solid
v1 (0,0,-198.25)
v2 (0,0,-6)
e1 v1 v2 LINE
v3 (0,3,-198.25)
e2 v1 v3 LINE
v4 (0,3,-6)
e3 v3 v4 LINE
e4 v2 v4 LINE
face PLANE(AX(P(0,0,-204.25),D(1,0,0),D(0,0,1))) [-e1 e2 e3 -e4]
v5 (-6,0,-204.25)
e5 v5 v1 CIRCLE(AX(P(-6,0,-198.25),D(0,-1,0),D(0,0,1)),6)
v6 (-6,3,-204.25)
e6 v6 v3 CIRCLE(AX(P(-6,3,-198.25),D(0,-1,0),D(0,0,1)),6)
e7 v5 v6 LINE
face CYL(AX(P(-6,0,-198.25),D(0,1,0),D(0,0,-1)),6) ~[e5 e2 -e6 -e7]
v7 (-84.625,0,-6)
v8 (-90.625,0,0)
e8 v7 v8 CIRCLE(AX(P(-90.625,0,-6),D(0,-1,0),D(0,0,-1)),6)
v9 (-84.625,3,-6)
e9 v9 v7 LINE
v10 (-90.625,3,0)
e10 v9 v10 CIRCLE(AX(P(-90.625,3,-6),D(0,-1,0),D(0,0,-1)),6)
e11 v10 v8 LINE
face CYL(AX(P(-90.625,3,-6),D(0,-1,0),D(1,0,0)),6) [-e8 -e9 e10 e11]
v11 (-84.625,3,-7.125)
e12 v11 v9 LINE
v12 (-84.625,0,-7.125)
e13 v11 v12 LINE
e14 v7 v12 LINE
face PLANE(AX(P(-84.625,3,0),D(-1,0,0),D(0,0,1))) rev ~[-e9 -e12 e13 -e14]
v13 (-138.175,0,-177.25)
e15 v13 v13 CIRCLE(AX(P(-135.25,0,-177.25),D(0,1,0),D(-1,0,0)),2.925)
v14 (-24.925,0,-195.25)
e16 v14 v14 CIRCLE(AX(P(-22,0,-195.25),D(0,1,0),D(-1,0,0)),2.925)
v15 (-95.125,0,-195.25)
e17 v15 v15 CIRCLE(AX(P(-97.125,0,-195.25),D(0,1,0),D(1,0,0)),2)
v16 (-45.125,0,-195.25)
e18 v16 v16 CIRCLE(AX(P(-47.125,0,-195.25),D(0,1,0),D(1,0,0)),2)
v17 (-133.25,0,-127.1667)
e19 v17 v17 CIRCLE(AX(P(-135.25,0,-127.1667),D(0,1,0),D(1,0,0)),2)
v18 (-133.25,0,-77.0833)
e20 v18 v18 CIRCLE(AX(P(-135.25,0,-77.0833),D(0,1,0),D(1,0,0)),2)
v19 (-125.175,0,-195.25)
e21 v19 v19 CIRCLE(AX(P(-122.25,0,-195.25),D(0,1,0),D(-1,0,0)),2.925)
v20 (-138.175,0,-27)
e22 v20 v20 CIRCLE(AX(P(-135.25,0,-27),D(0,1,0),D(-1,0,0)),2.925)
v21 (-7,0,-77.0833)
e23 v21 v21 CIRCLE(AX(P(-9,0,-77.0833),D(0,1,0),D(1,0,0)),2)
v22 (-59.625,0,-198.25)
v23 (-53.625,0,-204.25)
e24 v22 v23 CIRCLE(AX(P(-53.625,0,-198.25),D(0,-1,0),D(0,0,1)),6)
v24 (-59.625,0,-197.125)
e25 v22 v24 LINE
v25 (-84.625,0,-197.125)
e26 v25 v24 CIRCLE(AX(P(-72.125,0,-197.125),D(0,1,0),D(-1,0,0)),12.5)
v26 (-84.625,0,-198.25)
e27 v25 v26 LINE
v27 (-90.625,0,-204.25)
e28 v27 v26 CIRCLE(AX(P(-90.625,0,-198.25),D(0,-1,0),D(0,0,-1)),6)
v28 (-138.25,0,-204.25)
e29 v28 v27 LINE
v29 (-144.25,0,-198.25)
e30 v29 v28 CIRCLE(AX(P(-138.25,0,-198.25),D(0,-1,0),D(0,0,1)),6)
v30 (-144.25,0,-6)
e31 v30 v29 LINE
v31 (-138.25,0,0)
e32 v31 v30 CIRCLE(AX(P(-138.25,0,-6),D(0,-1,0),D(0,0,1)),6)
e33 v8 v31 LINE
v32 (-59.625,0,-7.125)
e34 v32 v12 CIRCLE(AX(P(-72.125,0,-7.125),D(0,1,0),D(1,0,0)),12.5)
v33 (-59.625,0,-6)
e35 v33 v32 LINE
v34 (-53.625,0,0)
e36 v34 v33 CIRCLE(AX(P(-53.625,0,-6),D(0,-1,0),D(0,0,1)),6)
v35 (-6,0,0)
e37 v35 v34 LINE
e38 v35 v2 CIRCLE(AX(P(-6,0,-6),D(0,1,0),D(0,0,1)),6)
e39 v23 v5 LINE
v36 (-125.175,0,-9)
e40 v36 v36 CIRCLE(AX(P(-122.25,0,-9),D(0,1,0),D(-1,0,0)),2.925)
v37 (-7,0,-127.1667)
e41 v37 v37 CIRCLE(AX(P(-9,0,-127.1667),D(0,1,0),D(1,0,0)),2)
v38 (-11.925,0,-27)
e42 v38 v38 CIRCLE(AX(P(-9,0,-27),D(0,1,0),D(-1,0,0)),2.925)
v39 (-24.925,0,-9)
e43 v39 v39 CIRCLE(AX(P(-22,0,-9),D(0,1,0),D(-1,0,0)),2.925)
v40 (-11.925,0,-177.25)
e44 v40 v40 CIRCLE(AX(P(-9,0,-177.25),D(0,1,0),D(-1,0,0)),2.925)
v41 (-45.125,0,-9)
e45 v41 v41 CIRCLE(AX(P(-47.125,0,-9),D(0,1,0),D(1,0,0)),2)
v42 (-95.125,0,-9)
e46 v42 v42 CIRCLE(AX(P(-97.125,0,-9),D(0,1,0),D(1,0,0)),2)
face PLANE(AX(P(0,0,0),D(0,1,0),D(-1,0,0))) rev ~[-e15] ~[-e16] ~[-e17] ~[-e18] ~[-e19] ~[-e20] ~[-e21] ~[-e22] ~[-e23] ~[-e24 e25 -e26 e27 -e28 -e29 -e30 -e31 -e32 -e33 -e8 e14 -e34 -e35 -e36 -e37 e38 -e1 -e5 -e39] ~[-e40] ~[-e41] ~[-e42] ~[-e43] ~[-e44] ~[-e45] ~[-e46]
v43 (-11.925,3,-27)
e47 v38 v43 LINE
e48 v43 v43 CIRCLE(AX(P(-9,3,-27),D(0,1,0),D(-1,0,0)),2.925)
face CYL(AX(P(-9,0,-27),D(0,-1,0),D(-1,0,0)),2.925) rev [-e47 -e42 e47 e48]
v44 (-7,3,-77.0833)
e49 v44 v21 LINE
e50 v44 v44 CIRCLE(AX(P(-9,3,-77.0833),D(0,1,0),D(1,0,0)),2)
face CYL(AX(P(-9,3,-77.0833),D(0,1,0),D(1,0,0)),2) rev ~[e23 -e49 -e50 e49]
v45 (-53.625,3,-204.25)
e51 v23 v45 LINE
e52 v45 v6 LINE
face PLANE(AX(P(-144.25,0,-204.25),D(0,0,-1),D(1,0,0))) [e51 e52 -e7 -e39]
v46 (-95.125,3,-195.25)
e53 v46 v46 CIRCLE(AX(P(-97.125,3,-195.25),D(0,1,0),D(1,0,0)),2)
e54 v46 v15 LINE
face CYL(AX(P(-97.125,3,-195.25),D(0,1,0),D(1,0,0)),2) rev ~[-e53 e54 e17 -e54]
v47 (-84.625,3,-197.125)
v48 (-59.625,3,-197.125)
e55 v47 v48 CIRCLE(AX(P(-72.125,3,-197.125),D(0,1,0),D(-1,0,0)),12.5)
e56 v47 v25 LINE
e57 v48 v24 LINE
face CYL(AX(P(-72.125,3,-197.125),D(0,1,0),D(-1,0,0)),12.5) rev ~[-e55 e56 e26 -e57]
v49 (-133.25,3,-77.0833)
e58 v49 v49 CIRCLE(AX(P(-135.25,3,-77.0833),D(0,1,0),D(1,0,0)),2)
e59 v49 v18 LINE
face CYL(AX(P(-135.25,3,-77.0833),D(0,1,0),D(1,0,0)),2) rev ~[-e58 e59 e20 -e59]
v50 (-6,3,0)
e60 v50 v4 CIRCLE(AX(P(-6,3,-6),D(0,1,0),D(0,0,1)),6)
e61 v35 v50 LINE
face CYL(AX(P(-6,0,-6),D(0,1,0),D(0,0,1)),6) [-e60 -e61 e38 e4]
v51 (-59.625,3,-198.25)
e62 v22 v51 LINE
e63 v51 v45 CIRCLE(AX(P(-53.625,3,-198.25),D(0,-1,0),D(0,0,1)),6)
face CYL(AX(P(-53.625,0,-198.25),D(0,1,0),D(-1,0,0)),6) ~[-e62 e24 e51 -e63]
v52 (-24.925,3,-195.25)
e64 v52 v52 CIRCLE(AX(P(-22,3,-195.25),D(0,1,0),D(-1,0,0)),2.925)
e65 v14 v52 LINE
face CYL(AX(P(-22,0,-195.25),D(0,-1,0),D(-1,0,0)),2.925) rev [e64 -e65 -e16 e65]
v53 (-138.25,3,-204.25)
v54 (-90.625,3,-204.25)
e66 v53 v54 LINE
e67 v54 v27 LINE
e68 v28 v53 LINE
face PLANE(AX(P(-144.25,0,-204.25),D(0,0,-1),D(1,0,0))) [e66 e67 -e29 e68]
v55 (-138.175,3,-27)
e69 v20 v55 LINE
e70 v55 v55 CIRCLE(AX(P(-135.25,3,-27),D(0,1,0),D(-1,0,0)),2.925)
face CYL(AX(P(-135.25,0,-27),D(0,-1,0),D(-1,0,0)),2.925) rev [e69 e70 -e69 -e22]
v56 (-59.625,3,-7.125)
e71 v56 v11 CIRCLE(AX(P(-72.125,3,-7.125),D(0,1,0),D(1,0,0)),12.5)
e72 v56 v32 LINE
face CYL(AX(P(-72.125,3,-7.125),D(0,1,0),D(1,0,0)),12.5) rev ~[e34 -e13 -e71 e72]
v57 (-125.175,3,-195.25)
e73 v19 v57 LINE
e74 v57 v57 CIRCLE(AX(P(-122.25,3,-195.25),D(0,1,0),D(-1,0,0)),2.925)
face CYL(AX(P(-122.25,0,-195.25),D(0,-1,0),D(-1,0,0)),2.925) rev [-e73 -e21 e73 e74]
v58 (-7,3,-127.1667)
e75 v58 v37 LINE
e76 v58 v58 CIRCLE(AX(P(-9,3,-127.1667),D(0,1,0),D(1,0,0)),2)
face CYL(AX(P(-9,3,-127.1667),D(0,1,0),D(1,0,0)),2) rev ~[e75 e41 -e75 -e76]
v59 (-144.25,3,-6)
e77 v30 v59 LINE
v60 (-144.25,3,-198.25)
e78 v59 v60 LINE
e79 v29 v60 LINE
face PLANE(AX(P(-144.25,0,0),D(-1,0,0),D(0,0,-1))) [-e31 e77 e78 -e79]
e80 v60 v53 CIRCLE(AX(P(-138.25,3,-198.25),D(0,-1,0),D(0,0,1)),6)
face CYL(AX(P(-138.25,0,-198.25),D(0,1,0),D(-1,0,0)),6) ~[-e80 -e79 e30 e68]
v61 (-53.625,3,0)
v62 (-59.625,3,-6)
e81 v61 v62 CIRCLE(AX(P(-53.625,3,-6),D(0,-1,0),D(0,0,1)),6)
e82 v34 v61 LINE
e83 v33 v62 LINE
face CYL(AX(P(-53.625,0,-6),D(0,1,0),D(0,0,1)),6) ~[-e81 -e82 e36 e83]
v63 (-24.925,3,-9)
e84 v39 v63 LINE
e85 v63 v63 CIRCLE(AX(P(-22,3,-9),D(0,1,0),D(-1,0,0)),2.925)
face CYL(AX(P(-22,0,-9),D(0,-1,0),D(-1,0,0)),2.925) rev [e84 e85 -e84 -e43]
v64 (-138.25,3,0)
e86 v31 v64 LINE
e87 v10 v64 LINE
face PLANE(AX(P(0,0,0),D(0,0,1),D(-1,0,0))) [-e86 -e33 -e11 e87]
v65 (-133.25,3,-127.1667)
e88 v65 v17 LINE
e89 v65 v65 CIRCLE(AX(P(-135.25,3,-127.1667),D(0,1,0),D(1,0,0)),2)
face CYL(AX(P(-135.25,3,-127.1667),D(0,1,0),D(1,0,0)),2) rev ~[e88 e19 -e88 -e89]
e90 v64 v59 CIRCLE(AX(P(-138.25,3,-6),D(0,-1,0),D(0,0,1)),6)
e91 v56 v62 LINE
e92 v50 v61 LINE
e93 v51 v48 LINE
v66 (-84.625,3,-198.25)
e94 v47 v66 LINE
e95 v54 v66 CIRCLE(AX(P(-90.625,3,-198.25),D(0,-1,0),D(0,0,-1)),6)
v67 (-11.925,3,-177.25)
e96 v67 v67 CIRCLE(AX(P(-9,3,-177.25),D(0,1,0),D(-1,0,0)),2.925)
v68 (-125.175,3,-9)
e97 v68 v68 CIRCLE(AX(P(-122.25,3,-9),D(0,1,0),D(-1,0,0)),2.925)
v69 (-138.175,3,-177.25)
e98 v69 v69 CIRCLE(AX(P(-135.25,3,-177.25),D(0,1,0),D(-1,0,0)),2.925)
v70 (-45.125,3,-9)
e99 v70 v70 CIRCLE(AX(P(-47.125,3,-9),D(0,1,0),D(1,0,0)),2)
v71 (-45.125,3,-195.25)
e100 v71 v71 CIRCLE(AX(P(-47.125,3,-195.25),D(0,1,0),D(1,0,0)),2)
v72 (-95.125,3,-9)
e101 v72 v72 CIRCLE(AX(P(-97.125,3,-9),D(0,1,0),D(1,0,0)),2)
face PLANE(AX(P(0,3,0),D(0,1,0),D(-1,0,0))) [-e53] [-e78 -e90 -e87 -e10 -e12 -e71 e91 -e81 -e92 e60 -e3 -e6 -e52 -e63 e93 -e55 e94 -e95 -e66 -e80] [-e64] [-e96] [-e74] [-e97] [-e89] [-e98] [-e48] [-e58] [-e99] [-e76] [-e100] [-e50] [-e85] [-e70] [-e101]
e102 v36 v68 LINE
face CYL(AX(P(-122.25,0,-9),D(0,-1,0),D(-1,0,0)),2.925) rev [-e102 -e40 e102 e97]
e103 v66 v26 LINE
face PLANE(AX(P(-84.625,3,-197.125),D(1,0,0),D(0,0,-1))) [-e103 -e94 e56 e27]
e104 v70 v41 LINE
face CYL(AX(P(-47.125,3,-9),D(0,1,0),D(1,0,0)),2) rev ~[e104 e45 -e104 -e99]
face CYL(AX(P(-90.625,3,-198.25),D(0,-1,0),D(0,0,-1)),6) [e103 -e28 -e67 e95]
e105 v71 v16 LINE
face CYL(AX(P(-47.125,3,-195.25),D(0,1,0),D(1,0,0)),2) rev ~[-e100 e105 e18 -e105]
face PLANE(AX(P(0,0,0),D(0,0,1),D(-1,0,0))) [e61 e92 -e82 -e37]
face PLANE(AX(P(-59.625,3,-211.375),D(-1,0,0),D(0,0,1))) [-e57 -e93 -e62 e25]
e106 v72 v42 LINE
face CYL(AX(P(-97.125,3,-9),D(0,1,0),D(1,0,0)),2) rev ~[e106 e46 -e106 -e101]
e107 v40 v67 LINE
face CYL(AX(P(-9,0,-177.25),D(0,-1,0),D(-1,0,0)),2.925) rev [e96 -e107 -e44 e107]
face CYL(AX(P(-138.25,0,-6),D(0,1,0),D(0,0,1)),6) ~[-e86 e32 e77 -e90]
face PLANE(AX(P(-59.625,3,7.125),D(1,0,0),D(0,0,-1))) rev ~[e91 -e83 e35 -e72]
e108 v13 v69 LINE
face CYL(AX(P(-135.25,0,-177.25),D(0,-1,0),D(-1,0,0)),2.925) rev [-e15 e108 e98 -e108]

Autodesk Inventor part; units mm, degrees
ref_plane "YZ Plane" through (0, 0, 0) normal (1, 0, 0) x (0, 1, 0)
ref_plane "XZ Plane" through (0, 0, 0) normal (0, 1, 0) x (-1, 0, 0)
ref_plane "XY Plane" through (0, 0, 0) normal (0, 0, 1) x (1, 0, 0)
sketch "Sketch1" plane through (0, 0, 0) normal (0, 1, 0) x (-1, 0, 0)
  line L0 (0, 0) -> (144.25, 0)
  line L1 (144.25, 0) -> (144.25, -204.25)
  line L2 (144.25, -204.25) -> (0, -204.25)
  line L3 (0, -204.25) -> (0, 0)
  line L4 (132.25, -12) -> (12, -12) construction
  line L5 (12, -12) -> (12, -192.25) construction
  line L6 (12, -192.25) -> (132.25, -192.25) construction
  line L7 (132.25, -192.25) -> (132.25, -12) construction
  circle A0 centre (135.25, -27) radius 3 construction
  circle A1 centre (122.25, -9) radius 3 construction
  circle A2 centre (122.25, -9) radius 2.925
  circle A3 centre (135.25, -27) radius 2.925
  circle A4 centre (135.25, -177.25) radius 3 construction
  circle A5 centre (122.25, -195.25) radius 3 construction
  circle A6 centre (22, -195.25) radius 3 construction
  circle A7 centre (9, -177.25) radius 3 construction
  circle A8 centre (22, -195.25) radius 2.925
  circle A9 centre (9, -177.25) radius 2.925
  circle A10 centre (135.25, -177.25) radius 2.925
  circle A11 centre (122.25, -195.25) radius 2.925
  circle A12 centre (22, -9) radius 3 construction
  circle A13 centre (9, -27) radius 3 construction
  circle A14 centre (22, -9) radius 2.925
  circle A15 centre (9, -27) radius 2.925
  point P0 (144.25, -102.125)
  point P1 (132.25, -102.125)
  point P2 (72.125, -12)
  point P3 (72.125, 0)
  dimension "width" = 204.25
  dimension "height" = 144.25
  dimension "stencilW" = 180.25
  dimension "stencilH" = 120.25
  dimension "d14" = 6
  dimension "d15" = 6
  dimension "kerf" = 0.075
  dimension "d17" = 0.075
  dimension "cornerW" = 15
  dimension "cornerH" = 10
  dimension "d20" = 6
  dimension "d21" = 6
  dimension "d22" = 6
  dimension "d23" = 6
  dimension "d24" = 10
  dimension "d25" = 15
  dimension "d26" = 10
  dimension "d27" = 15
  dimension "d28" = 0.075
  dimension "d29" = 0.075
  dimension "d30" = 0.075
  dimension "d31" = 0.075
  dimension "d32" = 6
  dimension "d33" = 6
  dimension "d34" = 15
  dimension "d35" = 10
  dimension "d36" = 0.075
  dimension "d37" = 0.075
extrude "Extrusion1" add sketch "Sketch1" along normal blind 3
fillet "Fillet1" radius 6 4 edges at (0, 1.5, 0) (-144.25, 1.5, 0) (0, 1.5, -204.25) (-144.25, 1.5, -204.25)
sketch "Sketch2" plane through (0, 3, 0) normal (0, 1, 0) x (1, 0, 0)
  line L0 (-72.125, -7.125) -> (-72.125, 7.125) construction
  line L1 (-6, 0) -> (-138.25, 0) projected
  line L2 (-59.625, -7.125) -> (-59.625, 7.125)
  line L3 (-84.625, 7.125) -> (-84.625, -7.125)
  arc A0 (-84.625, -7.125) -> (-59.625, -7.125) centre (-72.125, -7.125) ccw
  arc A1 (-59.625, 7.125) -> (-84.625, 7.125) centre (-72.125, 7.125) ccw
  line L4 (-72.125, 0) -> (-57.875, 0) construction
  line L5 (-144.25, 198.25) -> (-144.25, 6) construction
  line L6 (-144.25, 102.125) -> (0, 102.125) construction
  line L7 (0, 6) -> (0, 198.25) construction
  line L8 (-72.125, 211.375) -> (-72.125, 197.125) construction
  line L9 (-59.625, 211.375) -> (-59.625, 197.125)
  line L10 (-84.625, 197.125) -> (-84.625, 211.375)
  arc A2 (-59.625, 211.375) -> (-84.625, 211.375) centre (-72.125, 211.375) ccw
  arc A3 (-84.625, 197.125) -> (-59.625, 197.125) centre (-72.125, 197.125) ccw
  line L11 (-100.1727, 19.625) -> (-55, 19.625) construction
  line L12 (-92.5099, 184.625) -> (-51.3219, 184.625) construction
  point P0 (0, 0)
  dimension "d42" = 90
  dimension "fingerW" = 25
  dimension "d47" = 165
extrude "Extrusion2" cut sketch "Sketch2" against normal blind 3
fillet "Fillet2" radius 6 4 edges at (-84.625, 1.5, 0) (-59.625, 1.5, 0) (-84.625, 1.5, -204.25) (-59.625, 1.5, -204.25)
sketch "Sketch3" plane through (0, 3, 0) normal (0, 1, 0) x (1, 0, 0)
  arc A0 (-59.625, 7.125) -> (-84.625, 7.125) centre (-72.125, 7.125) ccw construction
  arc A1 (-84.625, 197.125) -> (-59.625, 197.125) centre (-72.125, 197.125) ccw construction
  line L0 (-144.25, 198.25) -> (-144.25, 6) construction
  line L1 (0, 6) -> (0, 198.25) construction
  arc A2 (-59.625, 7.125) -> (-84.625, 7.125) centre (-72.125, 7.125) ccw construction
  line L2 (-72.125, 19.625) -> (-72.125, 184.625)
  line L3 (-144.25, 102.125) -> (0, 102.125)
  point P0 (0, 0)
sketch "Sketch4" plane through (0, 3, 0) normal (0, 1, 0) x (1, 0, 0)
  circle A0 centre (-135.25, 77.0833) radius 2
  circle A1 centre (-135.25, 127.1667) radius 2
  arc A2 (-53.625, 204.25) -> (-59.625, 198.25) centre (-53.625, 198.25) ccw construction
  line L0 (-59.625, 198.25) -> (-59.625, 197.125) construction
  arc A3 (-84.625, 197.125) -> (-59.625, 197.125) centre (-72.125, 197.125) ccw construction
  line L1 (-84.625, 197.125) -> (-84.625, 198.25) construction
  arc A4 (-84.625, 198.25) -> (-90.625, 204.25) centre (-90.625, 198.25) ccw construction
  line L2 (-90.625, 204.25) -> (-138.25, 204.25) construction
  arc A5 (-138.25, 204.25) -> (-144.25, 198.25) centre (-138.25, 198.25) ccw construction
  line L3 (-144.25, 198.25) -> (-144.25, 6) construction
  arc A6 (-144.25, 6) -> (-138.25, 0) centre (-138.25, 6) ccw construction
  line L4 (-138.25, 0) -> (-90.625, 0) construction
  arc A7 (-90.625, 0) -> (-84.625, 6) centre (-90.625, 6) ccw construction
  line L5 (-84.625, 6) -> (-84.625, 7.125) construction
  arc A8 (-59.625, 7.125) -> (-84.625, 7.125) centre (-72.125, 7.125) ccw construction
  line L6 (-59.625, 7.125) -> (-59.625, 6) construction
  arc A9 (-59.625, 6) -> (-53.625, 0) centre (-53.625, 6) ccw construction
  line L7 (-53.625, 0) -> (-6, 0) construction
  arc A10 (-6, 0) -> (0, 6) centre (-6, 6) ccw construction
  line L8 (0, 6) -> (0, 198.25) construction
  arc A11 (0, 198.25) -> (-6, 204.25) centre (-6, 198.25) ccw construction
  line L9 (-6, 204.25) -> (-53.625, 204.25) construction
  circle A12 centre (-9, 27) radius 2.925 construction
  circle A13 centre (-22, 9) radius 2.925 construction
  circle A14 centre (-122.25, 195.25) radius 2.925 construction
  circle A15 centre (-135.25, 177.25) radius 2.925 construction
  circle A16 centre (-9, 177.25) radius 2.925 construction
  circle A17 centre (-22, 195.25) radius 2.925 construction
  circle A18 centre (-135.25, 27) radius 2.925 construction
  circle A19 centre (-122.25, 9) radius 2.925 construction
  circle A20 centre (-9, 77.0833) radius 2
  circle A21 centre (-9, 127.1667) radius 2
  circle A22 centre (-97.125, 9) radius 2
  circle A23 centre (-47.125, 9) radius 2
  circle A24 centre (-47.125, 195.25) radius 2
  circle A25 centre (-97.125, 195.25) radius 2
  point P0 (0, 0)
  dimension "d48" = 4
  dimension "d49" = 4
  dimension "d50" = 50.0833
  dimension "d51" = 50.0833
  dimension "d52" = 50.0833
  dimension "d53" = 4
  dimension "d54" = 4
  dimension "d55" = 4
  dimension "d56" = 4
  dimension "d57" = 4
  dimension "d58" = 4
  dimension "d59" = 50
  dimension "d60" = 25.125
  dimension "d61" = 25.125
extrude "Extrusion3" cut sketch "Sketch4" against normal blind 3
equation "\"width\" = stencilW + 4 * pinD"
equation "\"height\" = stencilH + 4 * pinD"
equation "\"d14\" = pinD"
equation "\"d15\" = pinD"
equation "\"d17\" = kerf"
equation "\"d20\" = pinD"
equation "\"d21\" = pinD"
equation "\"d22\" = pinD"
equation "\"d23\" = pinD"
equation "\"d24\" = cornerH"
equation "\"d25\" = cornerW"
equation "\"d26\" = cornerH"
equation "\"d27\" = cornerW"
equation "\"d28\" = kerf"
equation "\"d29\" = kerf"
equation "\"d30\" = kerf"
equation "\"d31\" = kerf"
equation "\"d32\" = pinD"
equation "\"d33\" = pinD"
equation "\"d34\" = cornerW"
equation "\"d35\" = cornerH"
equation "\"d36\" = kerf"
equation "\"d37\" = kerf"
equation "\"d40\" = pinD"
equation "\"d46\" = pinD"
equation "\"d50\" = d52"
equation "\"d51\" = d50"
equation "\"d60\" = d61"
equation "\"pinD\" = 6"
properties part number "base"
